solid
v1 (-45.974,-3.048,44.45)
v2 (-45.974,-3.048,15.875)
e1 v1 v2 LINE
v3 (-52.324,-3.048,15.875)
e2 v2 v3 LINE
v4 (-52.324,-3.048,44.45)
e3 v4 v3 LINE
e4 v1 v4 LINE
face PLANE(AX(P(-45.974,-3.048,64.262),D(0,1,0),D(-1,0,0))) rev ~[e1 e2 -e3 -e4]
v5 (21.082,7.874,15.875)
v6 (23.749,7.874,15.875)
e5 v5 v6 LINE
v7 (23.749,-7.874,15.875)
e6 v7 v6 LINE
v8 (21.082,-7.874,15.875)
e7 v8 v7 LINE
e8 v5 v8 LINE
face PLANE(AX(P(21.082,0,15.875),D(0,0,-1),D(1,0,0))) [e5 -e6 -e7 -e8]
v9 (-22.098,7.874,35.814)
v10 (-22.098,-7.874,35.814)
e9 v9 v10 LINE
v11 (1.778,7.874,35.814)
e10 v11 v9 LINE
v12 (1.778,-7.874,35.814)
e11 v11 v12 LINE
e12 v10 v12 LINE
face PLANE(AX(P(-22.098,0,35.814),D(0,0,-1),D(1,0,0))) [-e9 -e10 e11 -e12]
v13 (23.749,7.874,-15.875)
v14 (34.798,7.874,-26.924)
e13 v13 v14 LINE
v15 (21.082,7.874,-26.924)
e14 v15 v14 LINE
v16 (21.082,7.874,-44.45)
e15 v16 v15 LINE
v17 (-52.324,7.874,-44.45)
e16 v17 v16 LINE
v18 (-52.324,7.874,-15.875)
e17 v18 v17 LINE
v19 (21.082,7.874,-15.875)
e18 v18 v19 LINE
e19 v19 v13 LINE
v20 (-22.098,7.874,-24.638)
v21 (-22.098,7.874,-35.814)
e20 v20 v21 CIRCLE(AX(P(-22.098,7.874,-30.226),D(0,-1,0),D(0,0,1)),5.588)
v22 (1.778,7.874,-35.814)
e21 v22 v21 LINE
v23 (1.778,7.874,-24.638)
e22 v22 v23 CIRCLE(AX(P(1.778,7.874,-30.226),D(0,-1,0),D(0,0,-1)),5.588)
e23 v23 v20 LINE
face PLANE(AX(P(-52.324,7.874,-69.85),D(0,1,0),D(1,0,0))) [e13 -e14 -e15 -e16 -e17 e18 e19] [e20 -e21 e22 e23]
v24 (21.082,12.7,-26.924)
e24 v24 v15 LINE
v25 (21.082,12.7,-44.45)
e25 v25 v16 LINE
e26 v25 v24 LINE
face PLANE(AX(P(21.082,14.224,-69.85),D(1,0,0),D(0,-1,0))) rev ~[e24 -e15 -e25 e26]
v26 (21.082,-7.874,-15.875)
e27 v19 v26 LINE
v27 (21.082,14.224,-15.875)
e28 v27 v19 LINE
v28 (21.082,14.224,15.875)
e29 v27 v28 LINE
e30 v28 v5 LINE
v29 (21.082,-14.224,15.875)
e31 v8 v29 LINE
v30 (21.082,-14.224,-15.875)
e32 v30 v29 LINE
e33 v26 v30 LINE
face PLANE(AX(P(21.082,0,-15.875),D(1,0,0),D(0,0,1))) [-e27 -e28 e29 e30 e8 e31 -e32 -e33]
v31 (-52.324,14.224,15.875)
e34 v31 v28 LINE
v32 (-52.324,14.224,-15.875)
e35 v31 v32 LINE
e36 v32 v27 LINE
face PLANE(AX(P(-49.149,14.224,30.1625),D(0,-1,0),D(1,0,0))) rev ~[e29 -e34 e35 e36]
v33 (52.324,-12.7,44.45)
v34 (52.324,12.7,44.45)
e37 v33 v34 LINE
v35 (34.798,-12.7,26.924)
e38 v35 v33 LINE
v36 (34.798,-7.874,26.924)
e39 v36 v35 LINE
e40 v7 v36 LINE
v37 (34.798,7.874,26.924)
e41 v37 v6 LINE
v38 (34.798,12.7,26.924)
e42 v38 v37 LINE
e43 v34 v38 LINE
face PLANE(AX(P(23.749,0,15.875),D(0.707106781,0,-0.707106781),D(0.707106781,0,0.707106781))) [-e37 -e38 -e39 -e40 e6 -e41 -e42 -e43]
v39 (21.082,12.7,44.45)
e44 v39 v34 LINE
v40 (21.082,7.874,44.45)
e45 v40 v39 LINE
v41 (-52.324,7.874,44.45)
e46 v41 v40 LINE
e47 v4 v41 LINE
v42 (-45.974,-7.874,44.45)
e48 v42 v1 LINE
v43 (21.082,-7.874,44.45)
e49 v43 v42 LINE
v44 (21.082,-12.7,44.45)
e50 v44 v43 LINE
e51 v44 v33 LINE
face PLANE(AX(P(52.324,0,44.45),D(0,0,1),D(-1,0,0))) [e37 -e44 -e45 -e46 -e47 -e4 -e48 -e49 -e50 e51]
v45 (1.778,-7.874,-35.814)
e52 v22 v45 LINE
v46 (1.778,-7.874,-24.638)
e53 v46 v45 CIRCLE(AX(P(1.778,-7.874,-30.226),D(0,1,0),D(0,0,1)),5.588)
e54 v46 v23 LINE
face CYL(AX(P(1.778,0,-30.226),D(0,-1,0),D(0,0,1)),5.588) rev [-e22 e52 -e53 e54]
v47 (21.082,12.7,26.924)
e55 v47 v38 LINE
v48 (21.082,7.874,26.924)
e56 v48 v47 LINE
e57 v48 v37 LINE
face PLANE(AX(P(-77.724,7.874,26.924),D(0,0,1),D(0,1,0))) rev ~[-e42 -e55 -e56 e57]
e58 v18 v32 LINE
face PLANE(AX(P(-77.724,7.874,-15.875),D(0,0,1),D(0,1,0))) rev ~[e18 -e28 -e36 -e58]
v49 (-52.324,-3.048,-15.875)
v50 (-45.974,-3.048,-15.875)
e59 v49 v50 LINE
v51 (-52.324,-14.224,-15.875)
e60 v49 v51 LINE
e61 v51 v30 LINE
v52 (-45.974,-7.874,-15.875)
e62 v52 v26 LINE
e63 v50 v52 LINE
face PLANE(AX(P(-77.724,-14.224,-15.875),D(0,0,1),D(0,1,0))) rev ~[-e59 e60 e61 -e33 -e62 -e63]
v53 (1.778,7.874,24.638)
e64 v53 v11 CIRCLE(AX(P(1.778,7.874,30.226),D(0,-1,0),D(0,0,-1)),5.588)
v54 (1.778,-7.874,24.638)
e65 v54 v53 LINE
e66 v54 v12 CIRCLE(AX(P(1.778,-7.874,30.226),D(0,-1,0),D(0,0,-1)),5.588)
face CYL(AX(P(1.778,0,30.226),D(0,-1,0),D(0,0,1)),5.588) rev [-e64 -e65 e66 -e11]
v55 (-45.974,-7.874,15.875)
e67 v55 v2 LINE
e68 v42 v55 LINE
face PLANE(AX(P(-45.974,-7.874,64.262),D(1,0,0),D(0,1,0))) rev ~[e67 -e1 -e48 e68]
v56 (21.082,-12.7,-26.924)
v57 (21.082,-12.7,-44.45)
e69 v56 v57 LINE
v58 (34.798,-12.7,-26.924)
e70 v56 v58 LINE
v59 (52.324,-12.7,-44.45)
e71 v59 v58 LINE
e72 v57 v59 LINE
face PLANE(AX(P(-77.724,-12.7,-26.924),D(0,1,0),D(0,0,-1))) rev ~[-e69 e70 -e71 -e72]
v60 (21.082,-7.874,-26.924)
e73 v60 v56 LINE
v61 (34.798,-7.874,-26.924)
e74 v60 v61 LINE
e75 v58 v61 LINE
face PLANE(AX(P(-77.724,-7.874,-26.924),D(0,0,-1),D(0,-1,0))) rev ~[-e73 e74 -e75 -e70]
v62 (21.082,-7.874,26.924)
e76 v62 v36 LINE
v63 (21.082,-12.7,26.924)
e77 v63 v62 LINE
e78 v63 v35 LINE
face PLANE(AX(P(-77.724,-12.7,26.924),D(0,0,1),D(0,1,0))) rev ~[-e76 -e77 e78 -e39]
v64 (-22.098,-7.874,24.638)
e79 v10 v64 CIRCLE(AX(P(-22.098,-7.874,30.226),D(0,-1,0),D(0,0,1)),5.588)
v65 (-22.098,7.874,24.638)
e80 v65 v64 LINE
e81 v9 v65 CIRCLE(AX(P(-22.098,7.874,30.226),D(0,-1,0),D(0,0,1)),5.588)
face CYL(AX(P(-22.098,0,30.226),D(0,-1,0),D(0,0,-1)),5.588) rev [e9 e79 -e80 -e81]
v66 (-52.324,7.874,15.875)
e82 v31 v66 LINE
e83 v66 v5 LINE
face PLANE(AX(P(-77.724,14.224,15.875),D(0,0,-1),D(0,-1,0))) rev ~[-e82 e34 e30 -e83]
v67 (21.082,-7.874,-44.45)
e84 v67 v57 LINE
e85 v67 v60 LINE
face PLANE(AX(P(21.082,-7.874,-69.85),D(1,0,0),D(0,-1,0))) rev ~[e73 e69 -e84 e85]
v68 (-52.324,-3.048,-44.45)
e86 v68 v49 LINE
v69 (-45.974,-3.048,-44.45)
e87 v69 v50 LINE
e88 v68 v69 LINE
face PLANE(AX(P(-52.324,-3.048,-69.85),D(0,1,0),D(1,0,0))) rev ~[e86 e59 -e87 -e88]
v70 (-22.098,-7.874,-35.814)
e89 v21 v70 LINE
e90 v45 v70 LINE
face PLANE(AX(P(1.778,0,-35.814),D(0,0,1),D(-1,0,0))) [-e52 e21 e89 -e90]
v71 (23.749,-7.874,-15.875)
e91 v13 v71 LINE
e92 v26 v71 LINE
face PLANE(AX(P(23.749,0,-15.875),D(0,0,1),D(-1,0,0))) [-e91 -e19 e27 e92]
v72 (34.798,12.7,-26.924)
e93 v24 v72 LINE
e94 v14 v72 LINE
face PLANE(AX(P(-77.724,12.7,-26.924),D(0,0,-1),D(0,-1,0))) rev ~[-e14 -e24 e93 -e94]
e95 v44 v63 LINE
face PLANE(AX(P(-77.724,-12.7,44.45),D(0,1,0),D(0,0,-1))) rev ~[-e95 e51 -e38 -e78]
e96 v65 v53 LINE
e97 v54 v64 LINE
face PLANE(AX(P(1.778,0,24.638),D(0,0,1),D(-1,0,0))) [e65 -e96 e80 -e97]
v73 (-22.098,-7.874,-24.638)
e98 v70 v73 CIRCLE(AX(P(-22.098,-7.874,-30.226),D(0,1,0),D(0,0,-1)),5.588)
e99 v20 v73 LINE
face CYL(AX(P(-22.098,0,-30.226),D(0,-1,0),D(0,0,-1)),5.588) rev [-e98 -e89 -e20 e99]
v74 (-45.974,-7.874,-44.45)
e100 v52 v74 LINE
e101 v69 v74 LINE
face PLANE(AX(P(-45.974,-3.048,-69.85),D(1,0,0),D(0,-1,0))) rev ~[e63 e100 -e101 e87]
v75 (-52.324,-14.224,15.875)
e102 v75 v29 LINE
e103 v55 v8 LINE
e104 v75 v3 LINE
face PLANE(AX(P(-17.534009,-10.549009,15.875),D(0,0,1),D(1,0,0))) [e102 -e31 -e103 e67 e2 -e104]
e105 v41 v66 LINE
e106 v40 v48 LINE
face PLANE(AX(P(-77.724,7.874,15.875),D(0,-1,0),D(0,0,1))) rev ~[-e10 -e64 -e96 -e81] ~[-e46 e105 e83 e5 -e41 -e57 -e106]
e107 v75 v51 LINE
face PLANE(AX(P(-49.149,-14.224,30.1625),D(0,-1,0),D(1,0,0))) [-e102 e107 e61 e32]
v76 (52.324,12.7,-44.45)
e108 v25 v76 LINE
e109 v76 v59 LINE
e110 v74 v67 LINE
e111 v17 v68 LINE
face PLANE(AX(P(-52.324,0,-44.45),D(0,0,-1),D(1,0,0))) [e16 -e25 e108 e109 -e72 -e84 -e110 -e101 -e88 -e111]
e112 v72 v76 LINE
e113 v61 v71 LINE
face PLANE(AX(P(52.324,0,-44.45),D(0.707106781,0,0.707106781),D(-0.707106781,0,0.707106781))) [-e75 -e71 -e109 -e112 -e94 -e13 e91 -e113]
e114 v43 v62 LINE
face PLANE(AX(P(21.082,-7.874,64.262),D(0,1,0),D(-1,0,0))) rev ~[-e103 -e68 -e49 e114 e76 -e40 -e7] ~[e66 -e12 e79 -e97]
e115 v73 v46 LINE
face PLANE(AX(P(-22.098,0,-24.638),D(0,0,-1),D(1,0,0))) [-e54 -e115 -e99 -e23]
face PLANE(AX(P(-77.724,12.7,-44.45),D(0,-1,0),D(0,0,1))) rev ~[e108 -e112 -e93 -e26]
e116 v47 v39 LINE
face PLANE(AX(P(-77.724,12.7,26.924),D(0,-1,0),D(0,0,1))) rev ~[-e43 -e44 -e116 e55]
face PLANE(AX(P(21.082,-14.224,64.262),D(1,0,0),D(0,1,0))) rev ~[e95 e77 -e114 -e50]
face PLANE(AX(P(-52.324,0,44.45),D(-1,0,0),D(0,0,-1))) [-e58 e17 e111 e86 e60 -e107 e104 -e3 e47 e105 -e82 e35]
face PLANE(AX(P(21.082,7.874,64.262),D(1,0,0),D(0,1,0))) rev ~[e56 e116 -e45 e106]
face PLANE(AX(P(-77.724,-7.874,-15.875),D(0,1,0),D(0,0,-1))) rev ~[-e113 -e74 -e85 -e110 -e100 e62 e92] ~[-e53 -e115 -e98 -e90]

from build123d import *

# Parameters (mm, degrees)
F0_W      = 6.35
F0_H      = 28.575
F1_DEPTH  = 14.224
F4_DEPTH  = 130.049
F6_W      = 73.406
F6_H      = 6.35
F7_DEPTH  = 48.387
F9_W      = 73.406
F9_H      = 6.35
F10_DEPTH = 53.975


with BuildPart() as f1:
    # F0 (on Front) → F1 (new body, symmetric)
    with BuildSketch(Plane.XZ):
        with Locations((-49.149, 30.1625)):
            Rectangle(F0_W, F0_H)
        Polygon((17.272, 44.45), (-45.974, 44.45), (-45.974, 15.875), (21.082, 15.875), (23.749, 15.875), (34.798, 26.924), (17.272, 26.924), align=None)
        with BuildLine():
            ThreePointArc((-22.098, 24.638), (-27.686, 30.226), (-22.098, 35.814))
            Line((-22.098, 35.814), (1.778, 35.814))
            ThreePointArc((1.778, 35.814), (7.366, 30.226), (1.778, 24.638))
            Line((1.778, 24.638), (-22.098, 24.638))
        make_face(mode=Mode.SUBTRACT)
        Polygon((-45.974, 15.875), (-52.324, 15.875), (-52.324, -15.875), (-45.974, -15.875), (21.082, -15.875), (21.082, 15.875), align=None)
        Polygon((52.324, 44.45), (17.272, 44.45), (17.272, 26.924), (34.798, 26.924), align=None)
        with Locations((-49.149, -30.1625)):
            Rectangle(F0_W, F0_H)
        Polygon((21.082, -15.875), (-45.974, -15.875), (-45.974, -44.45), (17.272, -44.45), (17.272, -26.924), (34.798, -26.924), (23.749, -15.875), align=None)
        with BuildLine():
            Line((1.778, -35.814), (-22.098, -35.814))
            ThreePointArc((-22.098, -35.814), (-27.686, -30.226), (-22.098, -24.638))
            Line((-22.098, -24.638), (1.778, -24.638))
            ThreePointArc((1.778, -24.638), (7.366, -30.226), (1.778, -35.814))
        make_face(mode=Mode.SUBTRACT)
        Polygon((17.272, -26.924), (17.272, -44.45), (52.324, -44.45), (34.798, -26.924), align=None)
    extrude(amount=F1_DEPTH, both=True)

    # F3 (on offset) → F4 (cut, through all)
    with BuildSketch(Plane(origin=(-77.724, 0, 0), x_dir=(0, -1, 0), z_dir=(-1, 0, 0))):
        Polygon((-14.224, 44.45), (-14.224, 15.875), (-7.874, 15.875), (-7.874, 26.924), (-12.7, 26.924), (-12.7, 44.45), align=None)
        Polygon((7.874, 26.924), (7.874, 15.875), (14.224, 15.875), (14.224, 44.45), (12.7, 44.45), (12.7, 26.924), align=None)
        Polygon((-7.874, -15.875), (-14.224, -15.875), (-14.224, -44.45), (-12.7, -44.45), (-12.7, -26.924), (-7.874, -26.924), align=None)
        Polygon((14.224, -15.875), (7.874, -15.875), (7.874, -26.924), (12.7, -26.924), (12.7, -44.45), (14.224, -44.45), align=None)
    extrude(amount=-F4_DEPTH, mode=Mode.SUBTRACT)

    # F6 (on offset) → F7 (cut, through all)
    with BuildSketch(Plane.XY.offset(64.262)):
        Polygon((-52.324, -14.224), (21.082, -14.224), (21.082, -7.874), (-45.974, -7.874), (-45.974, -3.048), (-52.324, -3.048), align=None)
        with Locations((-15.621, 11.049)):
            Rectangle(F6_W, F6_H)
    extrude(amount=-F7_DEPTH, mode=Mode.SUBTRACT)

    # F9 (on offset) → F10 (cut, through all)
    with BuildSketch(Plane(origin=(0, 0, -69.85), x_dir=(1, 0, 0), z_dir=(0, 0, -1))):
        Polygon((-52.324, 14.224), (-52.324, 3.048), (-45.974, 3.048), (-45.974, 7.874), (21.082, 7.874), (21.082, 14.224), align=None)
        with Locations((-15.621, -11.049)):
            Rectangle(F9_W, F9_H)
    extrude(amount=-F10_DEPTH, mode=Mode.SUBTRACT)


solid = f1.part
